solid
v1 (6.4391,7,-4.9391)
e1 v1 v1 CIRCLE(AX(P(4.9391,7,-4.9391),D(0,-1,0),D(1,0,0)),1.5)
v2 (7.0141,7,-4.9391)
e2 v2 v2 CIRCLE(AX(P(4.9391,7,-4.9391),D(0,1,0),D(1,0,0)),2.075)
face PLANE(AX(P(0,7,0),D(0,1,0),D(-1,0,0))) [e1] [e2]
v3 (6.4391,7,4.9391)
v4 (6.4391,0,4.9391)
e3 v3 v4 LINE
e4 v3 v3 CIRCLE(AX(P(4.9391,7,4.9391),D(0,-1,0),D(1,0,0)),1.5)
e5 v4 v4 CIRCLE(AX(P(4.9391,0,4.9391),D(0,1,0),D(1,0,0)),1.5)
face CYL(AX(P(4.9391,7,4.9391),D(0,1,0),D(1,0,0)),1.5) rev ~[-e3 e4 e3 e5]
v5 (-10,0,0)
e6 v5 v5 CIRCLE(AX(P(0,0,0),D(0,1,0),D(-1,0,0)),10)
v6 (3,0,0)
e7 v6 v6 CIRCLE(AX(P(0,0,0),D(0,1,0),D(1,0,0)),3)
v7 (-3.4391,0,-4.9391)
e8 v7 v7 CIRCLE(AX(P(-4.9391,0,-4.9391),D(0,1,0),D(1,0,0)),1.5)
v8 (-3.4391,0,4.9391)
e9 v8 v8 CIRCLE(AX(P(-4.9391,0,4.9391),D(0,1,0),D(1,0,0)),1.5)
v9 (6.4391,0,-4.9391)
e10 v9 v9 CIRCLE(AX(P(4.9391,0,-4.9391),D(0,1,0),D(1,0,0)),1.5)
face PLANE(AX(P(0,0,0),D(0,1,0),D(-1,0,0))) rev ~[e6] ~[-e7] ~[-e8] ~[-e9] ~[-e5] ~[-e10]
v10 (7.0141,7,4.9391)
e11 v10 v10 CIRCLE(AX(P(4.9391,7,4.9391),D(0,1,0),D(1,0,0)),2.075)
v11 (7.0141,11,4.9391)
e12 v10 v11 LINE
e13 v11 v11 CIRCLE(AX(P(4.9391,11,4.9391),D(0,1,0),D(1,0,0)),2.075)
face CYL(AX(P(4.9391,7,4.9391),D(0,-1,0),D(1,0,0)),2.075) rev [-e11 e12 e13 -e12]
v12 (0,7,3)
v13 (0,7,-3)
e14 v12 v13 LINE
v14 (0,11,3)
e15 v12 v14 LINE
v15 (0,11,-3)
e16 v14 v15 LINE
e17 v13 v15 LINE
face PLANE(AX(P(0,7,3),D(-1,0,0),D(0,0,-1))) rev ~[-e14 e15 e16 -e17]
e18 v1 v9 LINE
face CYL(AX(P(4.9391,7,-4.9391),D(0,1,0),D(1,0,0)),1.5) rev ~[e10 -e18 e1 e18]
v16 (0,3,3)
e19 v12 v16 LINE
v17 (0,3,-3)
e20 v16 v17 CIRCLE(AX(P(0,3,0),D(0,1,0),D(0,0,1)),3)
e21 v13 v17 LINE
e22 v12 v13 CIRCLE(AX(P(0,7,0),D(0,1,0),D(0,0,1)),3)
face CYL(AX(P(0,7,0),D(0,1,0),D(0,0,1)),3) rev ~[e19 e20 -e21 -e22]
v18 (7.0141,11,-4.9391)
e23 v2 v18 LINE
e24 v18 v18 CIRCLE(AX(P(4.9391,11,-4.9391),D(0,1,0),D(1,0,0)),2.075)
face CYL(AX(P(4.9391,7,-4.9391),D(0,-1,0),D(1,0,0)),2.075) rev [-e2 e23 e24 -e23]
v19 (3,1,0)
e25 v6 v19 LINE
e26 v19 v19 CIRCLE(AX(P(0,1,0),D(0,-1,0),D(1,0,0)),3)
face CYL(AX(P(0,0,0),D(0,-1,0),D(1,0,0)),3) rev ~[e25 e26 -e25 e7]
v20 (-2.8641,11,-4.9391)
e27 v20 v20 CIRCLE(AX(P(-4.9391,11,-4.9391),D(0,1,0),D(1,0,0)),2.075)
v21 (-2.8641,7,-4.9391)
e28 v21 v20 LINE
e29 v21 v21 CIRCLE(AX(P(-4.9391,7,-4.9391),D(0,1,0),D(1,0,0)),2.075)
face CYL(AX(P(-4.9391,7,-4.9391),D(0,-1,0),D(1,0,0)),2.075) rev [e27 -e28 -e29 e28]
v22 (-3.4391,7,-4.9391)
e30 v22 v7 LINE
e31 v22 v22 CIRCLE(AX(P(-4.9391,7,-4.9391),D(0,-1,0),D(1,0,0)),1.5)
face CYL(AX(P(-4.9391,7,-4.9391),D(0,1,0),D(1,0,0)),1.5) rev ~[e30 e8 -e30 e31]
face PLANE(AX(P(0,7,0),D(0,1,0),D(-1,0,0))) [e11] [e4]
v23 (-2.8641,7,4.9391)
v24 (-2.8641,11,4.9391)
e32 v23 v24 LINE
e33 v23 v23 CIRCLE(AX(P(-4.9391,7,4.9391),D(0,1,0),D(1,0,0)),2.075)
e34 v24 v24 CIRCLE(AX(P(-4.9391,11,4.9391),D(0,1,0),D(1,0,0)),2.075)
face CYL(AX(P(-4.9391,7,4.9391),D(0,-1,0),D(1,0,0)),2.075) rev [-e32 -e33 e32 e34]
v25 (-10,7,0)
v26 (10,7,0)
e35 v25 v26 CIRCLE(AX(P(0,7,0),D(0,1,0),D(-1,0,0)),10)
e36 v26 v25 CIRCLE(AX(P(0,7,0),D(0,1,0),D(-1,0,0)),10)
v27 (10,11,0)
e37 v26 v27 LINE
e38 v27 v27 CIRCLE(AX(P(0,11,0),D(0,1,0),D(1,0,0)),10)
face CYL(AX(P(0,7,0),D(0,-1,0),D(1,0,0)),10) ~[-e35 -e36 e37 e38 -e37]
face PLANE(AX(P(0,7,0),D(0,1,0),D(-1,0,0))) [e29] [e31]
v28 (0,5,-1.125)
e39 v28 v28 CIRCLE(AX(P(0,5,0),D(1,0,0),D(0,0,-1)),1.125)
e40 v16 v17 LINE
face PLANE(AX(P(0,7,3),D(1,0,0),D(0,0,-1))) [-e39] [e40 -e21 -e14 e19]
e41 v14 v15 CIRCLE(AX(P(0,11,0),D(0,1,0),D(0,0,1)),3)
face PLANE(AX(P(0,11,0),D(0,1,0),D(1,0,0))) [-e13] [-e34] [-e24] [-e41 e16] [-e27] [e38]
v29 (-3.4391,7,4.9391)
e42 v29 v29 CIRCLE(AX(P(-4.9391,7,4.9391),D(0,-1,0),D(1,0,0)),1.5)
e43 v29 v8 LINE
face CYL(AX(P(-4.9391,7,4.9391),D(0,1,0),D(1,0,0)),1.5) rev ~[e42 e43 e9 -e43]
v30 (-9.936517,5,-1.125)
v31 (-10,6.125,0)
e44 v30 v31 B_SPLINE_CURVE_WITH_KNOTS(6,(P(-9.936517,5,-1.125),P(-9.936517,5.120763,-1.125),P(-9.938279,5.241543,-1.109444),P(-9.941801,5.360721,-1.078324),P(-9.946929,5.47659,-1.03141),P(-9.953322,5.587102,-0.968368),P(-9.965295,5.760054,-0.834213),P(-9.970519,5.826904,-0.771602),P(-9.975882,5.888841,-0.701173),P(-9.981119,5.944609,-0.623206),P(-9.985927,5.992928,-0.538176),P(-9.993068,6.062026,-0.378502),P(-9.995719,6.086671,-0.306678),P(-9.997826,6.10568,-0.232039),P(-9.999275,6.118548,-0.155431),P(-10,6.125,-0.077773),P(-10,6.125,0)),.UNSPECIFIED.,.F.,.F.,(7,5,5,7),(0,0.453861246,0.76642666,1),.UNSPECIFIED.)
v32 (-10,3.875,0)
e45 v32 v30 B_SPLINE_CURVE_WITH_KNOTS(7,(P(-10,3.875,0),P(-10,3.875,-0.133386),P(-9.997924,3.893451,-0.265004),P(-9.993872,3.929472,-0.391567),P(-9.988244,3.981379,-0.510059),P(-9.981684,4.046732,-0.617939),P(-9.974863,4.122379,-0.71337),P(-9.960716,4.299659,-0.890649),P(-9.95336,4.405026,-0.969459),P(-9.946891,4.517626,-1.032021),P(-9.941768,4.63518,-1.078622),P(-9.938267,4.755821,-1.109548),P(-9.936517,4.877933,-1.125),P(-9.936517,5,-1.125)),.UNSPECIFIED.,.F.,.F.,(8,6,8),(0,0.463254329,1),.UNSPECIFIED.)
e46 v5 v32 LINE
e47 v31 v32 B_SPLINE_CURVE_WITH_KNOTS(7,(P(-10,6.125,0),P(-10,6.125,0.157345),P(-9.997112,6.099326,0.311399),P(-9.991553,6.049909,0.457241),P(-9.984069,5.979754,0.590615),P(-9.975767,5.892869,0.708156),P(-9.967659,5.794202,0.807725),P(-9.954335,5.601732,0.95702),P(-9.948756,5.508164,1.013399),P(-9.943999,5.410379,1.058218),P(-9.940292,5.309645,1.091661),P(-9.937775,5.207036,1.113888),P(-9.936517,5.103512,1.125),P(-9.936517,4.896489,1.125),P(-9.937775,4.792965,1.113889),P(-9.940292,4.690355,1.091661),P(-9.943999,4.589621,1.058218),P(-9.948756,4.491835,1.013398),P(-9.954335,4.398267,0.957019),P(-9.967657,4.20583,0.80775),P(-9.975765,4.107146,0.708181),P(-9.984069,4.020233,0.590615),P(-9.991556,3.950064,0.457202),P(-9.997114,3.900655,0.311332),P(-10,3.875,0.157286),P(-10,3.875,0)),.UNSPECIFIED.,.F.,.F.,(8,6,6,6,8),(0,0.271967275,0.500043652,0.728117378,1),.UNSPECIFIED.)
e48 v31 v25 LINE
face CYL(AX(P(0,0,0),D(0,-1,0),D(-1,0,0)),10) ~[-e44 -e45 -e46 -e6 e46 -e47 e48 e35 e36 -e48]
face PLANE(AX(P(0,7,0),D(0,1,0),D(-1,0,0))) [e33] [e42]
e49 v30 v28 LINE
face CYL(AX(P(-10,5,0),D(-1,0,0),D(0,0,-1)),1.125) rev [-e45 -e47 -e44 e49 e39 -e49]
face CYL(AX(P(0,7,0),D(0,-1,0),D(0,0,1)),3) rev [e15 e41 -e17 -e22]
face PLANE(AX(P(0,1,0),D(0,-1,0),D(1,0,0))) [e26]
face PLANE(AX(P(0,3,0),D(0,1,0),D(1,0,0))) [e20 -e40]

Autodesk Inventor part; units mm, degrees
ref_plane "YZ Plane" through (0, 0, 0) normal (1, 0, 0) x (0, 1, 0)
ref_plane "XZ Plane" through (0, 0, 0) normal (0, 1, 0) x (-1, 0, 0)
sketch "Sketch1" plane through (0, 0, 0) normal (0, 1, 0) x (-1, 0, 0)
  circle A0 centre (0, 0) radius 10
  dimension "d0" = 20
extrude "Extrusion1" add sketch "Sketch1" along normal blind 7
sketch "Sketch2" plane through (0, 7, 0) normal (0, 1, 0) x (1, 0, 0)
  circle A0 centre (0, 0) radius 10
  arc A1 (0, -3) -> (0, 3) centre (0, 0) ccw
  line L0 (0, -3) -> (0, 3)
  dimension "d3" = 6
extrude "Extrusion2" cut sketch "Sketch2" against normal blind 4 contours L0 A1
sketch "Sketch3" plane through (0, 0, 0) normal (0, -1, 0) x (1, 0, 0)
  line L0 (0, 3) -> (0, -3) projected
  circle A0 centre (0, 0) radius 3
extrude "Extrusion3" cut sketch "Sketch3" against normal blind 1
ref_plane "Work Plane1" through (-10, 0, 0) normal (1, 0, 0) x (0, 0, -1)
sketch "Sketch4" plane through (-10, 0, 0) normal (1, 0, 0) x (0, 0, -1)
  line L0 (10, 7) -> (-10, 7) projected
  circle A0 centre (0, 5) radius 1.125
  point P0 (0, 0)
  dimension "d9" = 2.25
extrude "Extrusion4" cut sketch "Sketch4" along normal up to surface (10 mm away)
sketch "Sketch5" plane through (0, 7, 0) normal (0, 1, 0) x (1, 0, 0)
  circle A0 centre (0, 0) radius 6.985
  line L0 (0, 0) -> (6.985, 0) construction
  circle A1 centre (-4.9391, 4.9391) radius 1.5
  circle A2 centre (-4.9391, -4.9391) radius 1.5
  circle A3 centre (4.9391, -4.9391) radius 1.5
  circle A4 centre (4.9391, 4.9391) radius 1.5
  dimension "d14" = 3
  dimension "d17" = 360
extrude "Extrusion5" cut sketch "Sketch5" against normal up to surface (7 mm away) contours A4 A0 | A0 A4 | A3 A0 | A0 A3 | A1 A0 | A0 A1 | A2 A0 | A0 A2
sketch "Sketch6" plane through (0, 7, 0) normal (0, 1, 0) x (1, 0, 0)
  circle A0 centre (0, 0) radius 10
  circle A1 centre (-4.9391, 4.9391) radius 1.5 projected
  circle A2 centre (-4.9391, 4.9391) radius 1.5
  circle A3 centre (4.9391, 4.9391) radius 1.5 projected
  circle A4 centre (4.9391, 4.9391) radius 1.5
  circle A5 centre (4.9391, -4.9391) radius 1.5 projected
  circle A6 centre (4.9391, -4.9391) radius 1.5
  circle A7 centre (-4.9391, -4.9391) radius 1.5 projected
  circle A8 centre (-4.9391, -4.9391) radius 1.5
  circle A9 centre (-4.9391, -4.9391) radius 2.075
  circle A10 centre (4.9391, -4.9391) radius 2.075
  circle A11 centre (4.9391, 4.9391) radius 2.075
  circle A12 centre (-4.9391, 4.9391) radius 2.075
  line L0 (0, -3) -> (0, 3) projected
  arc A13 (0, -3) -> (0, 3) centre (0, 0) ccw
  arc A14 (0, -3) -> (0, 3) centre (0, 0) ccw projected
  line L1 (0, -3) -> (0, 3)
  dimension "d21" = 4.15
extrude "Extrusion6" add sketch "Sketch6" along normal blind 4 contours A0
equation "\"d19\" = d14"
properties part number "Twist_Attachment_To_Servo_Horn"
